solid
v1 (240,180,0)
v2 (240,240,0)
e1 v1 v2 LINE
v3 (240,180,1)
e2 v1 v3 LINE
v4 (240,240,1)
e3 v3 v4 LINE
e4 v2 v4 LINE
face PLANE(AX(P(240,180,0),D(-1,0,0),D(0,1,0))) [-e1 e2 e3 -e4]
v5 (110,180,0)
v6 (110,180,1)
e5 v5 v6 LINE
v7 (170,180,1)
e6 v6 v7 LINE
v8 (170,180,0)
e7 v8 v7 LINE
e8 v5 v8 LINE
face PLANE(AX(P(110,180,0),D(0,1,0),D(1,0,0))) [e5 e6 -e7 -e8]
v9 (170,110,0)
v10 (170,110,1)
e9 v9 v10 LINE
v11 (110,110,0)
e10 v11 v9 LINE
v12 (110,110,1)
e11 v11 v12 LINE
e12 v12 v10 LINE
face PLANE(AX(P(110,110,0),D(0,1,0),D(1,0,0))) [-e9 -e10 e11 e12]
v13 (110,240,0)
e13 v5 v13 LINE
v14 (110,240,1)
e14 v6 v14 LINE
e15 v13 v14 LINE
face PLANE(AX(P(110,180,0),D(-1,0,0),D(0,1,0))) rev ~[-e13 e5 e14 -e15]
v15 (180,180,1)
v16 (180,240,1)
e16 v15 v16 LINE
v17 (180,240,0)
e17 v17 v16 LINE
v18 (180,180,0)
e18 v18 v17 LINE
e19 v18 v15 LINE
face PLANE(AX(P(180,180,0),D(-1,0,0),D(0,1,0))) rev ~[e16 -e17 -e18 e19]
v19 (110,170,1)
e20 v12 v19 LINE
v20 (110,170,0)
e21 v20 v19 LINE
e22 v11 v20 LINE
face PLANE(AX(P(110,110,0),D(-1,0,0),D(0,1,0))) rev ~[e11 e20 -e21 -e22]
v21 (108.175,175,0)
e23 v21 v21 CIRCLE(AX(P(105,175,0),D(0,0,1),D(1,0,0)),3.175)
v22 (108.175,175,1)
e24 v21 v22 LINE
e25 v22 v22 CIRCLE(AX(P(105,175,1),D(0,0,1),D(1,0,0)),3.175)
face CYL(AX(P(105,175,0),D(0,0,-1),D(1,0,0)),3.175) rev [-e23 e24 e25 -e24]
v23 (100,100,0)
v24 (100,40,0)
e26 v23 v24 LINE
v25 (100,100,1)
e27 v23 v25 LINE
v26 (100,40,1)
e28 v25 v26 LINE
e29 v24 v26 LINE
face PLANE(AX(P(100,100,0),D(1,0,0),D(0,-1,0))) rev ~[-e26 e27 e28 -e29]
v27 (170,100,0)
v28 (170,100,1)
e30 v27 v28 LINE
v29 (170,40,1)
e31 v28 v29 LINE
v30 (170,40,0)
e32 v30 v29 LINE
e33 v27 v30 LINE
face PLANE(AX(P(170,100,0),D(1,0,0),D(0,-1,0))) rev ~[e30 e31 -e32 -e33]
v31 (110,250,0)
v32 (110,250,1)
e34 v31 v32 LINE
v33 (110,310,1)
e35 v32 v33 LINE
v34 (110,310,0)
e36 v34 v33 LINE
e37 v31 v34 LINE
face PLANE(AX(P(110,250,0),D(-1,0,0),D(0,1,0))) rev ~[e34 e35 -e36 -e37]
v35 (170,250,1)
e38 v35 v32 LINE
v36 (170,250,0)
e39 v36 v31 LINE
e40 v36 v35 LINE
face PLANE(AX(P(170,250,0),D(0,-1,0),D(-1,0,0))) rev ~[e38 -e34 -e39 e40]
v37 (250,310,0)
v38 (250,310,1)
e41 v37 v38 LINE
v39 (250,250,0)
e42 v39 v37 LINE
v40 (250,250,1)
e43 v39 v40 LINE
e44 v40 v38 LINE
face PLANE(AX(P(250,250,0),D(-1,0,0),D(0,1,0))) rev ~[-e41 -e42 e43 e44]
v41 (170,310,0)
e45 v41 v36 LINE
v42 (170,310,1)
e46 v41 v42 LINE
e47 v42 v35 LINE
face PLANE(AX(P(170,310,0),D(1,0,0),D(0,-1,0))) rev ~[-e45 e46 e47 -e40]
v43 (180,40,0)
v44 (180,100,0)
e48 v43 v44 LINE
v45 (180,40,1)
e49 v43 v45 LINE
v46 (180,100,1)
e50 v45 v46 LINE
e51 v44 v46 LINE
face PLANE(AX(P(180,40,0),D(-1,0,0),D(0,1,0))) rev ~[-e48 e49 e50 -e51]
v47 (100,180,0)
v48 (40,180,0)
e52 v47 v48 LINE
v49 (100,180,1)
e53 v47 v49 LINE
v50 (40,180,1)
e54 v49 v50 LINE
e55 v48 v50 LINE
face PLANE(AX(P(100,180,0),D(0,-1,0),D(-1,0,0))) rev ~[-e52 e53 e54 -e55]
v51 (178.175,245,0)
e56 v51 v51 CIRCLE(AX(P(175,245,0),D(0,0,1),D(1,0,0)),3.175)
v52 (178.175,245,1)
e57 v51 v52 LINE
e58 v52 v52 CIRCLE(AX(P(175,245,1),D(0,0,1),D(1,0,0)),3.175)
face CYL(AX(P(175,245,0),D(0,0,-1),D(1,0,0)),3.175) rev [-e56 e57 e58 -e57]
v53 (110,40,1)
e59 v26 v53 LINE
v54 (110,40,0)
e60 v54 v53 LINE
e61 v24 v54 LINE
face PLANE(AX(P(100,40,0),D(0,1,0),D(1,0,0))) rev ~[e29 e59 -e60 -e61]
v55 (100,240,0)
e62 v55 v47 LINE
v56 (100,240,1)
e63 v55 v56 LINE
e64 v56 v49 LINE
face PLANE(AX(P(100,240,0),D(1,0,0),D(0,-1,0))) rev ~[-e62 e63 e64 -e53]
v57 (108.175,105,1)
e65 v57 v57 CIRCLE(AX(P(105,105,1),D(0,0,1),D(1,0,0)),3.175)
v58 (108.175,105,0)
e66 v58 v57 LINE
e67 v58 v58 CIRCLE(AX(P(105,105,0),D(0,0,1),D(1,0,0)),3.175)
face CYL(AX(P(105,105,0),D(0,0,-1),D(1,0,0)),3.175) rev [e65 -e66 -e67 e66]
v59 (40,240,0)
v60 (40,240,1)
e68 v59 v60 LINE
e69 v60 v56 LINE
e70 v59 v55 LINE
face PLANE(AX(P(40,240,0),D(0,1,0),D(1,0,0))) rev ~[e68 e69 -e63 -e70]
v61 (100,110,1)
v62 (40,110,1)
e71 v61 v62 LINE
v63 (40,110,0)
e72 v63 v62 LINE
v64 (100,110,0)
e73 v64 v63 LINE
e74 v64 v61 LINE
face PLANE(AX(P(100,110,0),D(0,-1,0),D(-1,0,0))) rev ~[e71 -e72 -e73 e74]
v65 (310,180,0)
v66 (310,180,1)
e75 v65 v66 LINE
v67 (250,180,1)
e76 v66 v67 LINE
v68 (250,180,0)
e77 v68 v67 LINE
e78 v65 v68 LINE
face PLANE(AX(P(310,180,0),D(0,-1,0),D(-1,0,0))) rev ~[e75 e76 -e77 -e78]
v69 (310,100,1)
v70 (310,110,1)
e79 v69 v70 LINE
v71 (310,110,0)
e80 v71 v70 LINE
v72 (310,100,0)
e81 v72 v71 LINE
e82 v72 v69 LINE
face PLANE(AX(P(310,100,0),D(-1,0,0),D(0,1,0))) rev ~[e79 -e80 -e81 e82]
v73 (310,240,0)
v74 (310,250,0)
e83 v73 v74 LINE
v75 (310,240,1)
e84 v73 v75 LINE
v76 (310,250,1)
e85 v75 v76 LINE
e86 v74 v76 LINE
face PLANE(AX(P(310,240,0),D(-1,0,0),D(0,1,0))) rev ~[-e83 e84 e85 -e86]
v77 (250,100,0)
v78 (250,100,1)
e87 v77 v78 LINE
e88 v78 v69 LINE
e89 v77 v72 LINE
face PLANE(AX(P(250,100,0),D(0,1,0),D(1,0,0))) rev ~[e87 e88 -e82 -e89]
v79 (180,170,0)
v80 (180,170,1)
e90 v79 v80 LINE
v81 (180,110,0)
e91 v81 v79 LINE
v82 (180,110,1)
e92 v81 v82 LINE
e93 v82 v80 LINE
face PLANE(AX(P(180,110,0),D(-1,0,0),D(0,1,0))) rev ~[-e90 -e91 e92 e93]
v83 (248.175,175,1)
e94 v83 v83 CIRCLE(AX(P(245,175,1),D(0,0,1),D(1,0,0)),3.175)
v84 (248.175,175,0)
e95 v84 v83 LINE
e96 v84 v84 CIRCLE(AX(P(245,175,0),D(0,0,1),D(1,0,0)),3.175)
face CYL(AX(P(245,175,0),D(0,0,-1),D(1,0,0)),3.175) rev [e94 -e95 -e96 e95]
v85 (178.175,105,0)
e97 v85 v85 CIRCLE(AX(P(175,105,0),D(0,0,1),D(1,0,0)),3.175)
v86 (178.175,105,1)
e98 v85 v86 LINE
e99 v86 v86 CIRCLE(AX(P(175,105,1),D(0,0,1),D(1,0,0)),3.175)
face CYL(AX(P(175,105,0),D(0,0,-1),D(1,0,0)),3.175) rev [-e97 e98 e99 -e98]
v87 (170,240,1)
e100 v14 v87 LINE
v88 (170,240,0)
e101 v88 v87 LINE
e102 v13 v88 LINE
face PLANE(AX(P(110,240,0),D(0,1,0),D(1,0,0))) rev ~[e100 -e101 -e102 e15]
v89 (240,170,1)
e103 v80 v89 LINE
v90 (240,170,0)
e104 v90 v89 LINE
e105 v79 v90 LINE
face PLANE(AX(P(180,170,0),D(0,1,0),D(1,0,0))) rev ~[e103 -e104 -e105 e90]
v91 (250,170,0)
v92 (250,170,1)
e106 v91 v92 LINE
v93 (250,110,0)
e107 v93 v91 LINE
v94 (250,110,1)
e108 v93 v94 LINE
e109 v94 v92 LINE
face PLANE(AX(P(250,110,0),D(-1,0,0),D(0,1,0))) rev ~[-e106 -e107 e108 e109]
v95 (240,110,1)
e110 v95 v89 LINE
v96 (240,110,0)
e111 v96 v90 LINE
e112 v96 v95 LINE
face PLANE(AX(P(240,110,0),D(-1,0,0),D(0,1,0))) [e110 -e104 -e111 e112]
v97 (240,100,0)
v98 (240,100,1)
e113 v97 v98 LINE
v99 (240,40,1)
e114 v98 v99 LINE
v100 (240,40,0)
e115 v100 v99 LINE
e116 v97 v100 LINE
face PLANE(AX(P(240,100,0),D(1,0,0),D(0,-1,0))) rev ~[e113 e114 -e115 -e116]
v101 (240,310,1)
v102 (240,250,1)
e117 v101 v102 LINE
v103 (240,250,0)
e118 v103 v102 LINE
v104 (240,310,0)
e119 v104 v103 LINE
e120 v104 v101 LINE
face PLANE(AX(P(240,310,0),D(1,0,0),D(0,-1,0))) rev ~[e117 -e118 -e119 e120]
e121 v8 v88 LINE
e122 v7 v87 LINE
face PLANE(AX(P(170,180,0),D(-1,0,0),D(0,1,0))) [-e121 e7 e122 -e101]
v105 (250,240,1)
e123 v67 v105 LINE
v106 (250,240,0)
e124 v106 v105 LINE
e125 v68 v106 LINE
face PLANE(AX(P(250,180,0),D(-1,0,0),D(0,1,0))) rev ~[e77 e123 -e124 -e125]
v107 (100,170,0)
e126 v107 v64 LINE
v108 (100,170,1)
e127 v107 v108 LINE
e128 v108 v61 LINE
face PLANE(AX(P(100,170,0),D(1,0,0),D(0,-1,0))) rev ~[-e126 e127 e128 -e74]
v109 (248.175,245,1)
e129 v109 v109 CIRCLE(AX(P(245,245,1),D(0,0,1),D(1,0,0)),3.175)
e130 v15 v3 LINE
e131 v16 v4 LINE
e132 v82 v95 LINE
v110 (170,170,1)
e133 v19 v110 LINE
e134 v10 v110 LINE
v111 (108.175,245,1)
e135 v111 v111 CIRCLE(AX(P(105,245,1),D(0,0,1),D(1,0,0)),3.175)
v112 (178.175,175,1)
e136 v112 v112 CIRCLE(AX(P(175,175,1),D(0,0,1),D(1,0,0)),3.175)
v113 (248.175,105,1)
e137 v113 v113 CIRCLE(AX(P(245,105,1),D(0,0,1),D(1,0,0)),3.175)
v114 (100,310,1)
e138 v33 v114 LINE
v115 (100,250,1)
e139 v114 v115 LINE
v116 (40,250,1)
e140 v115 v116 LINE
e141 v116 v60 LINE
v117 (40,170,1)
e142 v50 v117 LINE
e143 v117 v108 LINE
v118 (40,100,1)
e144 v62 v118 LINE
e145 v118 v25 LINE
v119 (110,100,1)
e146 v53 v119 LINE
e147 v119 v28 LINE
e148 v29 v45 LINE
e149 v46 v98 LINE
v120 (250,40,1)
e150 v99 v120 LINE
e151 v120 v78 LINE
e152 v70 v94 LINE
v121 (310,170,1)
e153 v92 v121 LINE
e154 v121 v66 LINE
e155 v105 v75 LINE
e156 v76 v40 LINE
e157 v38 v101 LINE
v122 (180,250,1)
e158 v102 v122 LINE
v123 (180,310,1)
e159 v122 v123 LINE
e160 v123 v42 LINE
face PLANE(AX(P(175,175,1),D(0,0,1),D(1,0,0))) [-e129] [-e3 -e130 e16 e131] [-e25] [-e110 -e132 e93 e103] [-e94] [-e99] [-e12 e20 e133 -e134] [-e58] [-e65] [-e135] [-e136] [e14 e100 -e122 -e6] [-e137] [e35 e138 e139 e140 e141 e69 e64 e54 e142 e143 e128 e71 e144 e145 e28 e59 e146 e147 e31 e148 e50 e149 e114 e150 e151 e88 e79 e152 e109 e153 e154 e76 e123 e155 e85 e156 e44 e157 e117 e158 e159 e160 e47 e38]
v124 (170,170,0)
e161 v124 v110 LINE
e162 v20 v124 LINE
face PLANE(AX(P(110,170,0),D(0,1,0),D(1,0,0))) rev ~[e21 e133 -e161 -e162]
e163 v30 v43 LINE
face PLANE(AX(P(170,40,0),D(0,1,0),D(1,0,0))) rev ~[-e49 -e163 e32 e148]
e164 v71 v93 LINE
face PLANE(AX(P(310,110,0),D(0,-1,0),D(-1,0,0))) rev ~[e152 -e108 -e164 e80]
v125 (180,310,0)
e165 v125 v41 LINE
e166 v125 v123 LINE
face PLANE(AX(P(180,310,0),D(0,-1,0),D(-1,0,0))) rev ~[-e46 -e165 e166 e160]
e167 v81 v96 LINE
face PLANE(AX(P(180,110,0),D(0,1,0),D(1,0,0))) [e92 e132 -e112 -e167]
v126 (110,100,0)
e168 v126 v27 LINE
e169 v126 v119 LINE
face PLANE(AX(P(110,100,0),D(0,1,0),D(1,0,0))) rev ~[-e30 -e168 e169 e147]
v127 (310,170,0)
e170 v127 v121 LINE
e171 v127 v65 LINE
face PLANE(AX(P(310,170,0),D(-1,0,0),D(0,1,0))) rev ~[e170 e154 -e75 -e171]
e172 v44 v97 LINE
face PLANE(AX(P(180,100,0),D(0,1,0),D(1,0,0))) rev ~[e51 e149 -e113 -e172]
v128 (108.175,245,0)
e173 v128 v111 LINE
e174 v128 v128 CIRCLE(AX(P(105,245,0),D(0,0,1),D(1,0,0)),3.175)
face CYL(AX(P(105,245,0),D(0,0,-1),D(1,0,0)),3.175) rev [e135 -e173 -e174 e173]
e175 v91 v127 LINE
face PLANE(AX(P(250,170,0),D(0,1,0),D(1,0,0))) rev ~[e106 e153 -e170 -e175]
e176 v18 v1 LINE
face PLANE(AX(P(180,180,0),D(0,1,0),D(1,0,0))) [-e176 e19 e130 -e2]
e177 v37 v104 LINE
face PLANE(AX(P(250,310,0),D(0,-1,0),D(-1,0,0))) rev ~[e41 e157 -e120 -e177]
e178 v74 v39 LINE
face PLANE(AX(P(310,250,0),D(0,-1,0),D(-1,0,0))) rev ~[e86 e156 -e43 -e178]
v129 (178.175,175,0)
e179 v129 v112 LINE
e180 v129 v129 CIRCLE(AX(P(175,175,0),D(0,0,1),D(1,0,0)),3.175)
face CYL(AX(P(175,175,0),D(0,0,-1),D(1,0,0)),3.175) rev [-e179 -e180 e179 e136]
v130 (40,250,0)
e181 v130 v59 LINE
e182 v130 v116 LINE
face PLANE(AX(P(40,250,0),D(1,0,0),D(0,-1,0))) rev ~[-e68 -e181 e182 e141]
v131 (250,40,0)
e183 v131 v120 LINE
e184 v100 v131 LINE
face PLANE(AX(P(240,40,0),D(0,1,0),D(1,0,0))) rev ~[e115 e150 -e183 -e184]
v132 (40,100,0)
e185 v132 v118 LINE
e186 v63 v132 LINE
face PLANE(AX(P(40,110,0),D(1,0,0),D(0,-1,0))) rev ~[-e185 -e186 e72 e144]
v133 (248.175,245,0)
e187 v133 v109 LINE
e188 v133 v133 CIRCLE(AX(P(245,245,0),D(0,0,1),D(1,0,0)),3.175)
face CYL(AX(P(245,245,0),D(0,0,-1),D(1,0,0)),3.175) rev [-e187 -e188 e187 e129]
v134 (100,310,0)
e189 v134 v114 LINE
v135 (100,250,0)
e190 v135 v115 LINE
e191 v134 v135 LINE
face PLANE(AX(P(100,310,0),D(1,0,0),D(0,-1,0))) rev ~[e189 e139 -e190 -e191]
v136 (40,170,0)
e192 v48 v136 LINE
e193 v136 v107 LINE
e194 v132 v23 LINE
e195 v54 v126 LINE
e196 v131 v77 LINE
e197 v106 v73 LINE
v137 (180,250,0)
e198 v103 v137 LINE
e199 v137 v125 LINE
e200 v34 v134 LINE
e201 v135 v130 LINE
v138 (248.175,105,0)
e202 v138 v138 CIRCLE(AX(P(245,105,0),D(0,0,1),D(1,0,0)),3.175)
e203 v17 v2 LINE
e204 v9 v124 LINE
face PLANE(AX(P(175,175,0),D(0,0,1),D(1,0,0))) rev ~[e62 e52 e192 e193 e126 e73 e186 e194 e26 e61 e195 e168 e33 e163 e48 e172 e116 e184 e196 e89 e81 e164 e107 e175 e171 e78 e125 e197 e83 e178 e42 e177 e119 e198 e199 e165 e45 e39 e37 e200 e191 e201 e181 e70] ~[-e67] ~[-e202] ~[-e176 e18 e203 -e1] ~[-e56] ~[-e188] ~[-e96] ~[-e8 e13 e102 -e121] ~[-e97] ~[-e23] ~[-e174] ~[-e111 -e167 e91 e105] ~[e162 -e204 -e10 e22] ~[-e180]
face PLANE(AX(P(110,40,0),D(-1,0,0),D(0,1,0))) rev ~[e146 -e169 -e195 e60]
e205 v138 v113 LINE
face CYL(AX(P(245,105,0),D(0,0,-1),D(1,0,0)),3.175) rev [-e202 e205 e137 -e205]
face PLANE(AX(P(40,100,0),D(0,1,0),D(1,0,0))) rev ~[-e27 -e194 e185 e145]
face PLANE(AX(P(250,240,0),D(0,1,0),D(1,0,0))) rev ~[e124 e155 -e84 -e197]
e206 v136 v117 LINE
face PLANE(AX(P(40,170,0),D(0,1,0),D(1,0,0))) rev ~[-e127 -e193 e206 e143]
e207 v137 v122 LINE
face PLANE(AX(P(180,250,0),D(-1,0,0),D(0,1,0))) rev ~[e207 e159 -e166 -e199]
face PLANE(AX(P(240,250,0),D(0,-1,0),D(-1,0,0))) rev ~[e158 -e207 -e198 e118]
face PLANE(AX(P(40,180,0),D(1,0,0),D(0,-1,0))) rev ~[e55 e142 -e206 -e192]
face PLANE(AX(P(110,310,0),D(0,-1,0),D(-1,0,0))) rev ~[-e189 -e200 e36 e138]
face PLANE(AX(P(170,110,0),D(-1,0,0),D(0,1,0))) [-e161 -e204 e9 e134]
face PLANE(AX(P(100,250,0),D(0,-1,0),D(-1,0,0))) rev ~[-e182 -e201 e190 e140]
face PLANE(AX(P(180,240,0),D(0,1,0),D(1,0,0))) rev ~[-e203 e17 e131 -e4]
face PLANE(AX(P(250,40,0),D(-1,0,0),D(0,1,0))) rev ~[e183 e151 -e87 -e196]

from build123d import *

# Parameters (mm, degrees)
ESQUISSE1_R        = 3.175
ESQUISSE1_W        = 60
ESQUISSE1_H        = 60
BOSS_EXTRU_1_DEPTH = 1


with BuildPart() as part:
    # Esquisse1 → Boss.-Extru.1 (new body)
    with BuildSketch(Plane.XY):
        Polygon((110, 310), (100, 310), (100, 250), (40, 250), (40, 240), (100, 240), (100, 180), (40, 180), (40, 170), (100, 170), (100, 110), (40, 110), (40, 100), (100, 100), (100, 40), (110, 40), (110, 100), (170, 100), (170, 40), (180, 40), (180, 100), (240, 100), (240, 40), (250, 40), (250, 100), (310, 100), (310, 110), (250, 110), (250, 170), (310, 170), (310, 180), (250, 180), (250, 240), (310, 240), (310, 250), (250, 250), (250, 310), (240, 310), (240, 250), (180, 250), (180, 310), (170, 310), (170, 250), (110, 250), align=None)
        with Locations((105, 105)):
            Circle(ESQUISSE1_R, mode=Mode.SUBTRACT)
        with Locations((140, 140)):
            Rectangle(ESQUISSE1_W, ESQUISSE1_H, mode=Mode.SUBTRACT)
        with Locations((105, 175)):
            Circle(ESQUISSE1_R, mode=Mode.SUBTRACT)
        with Locations((140, 210)):
            Rectangle(ESQUISSE1_W, ESQUISSE1_H, mode=Mode.SUBTRACT)
        with Locations((105, 245)):
            Circle(ESQUISSE1_R, mode=Mode.SUBTRACT)
        with Locations((175, 245)):
            Circle(ESQUISSE1_R, mode=Mode.SUBTRACT)
        with Locations((175, 105)):
            Circle(ESQUISSE1_R, mode=Mode.SUBTRACT)
        with Locations((210, 140)):
            Rectangle(ESQUISSE1_W, ESQUISSE1_H, mode=Mode.SUBTRACT)
        with Locations((245, 105)):
            Circle(ESQUISSE1_R, mode=Mode.SUBTRACT)
        with Locations((175, 175)):
            Circle(ESQUISSE1_R, mode=Mode.SUBTRACT)
        with Locations((210, 210)):
            Rectangle(ESQUISSE1_W, ESQUISSE1_H, mode=Mode.SUBTRACT)
        with Locations((245, 175)):
            Circle(ESQUISSE1_R, mode=Mode.SUBTRACT)
        with Locations((245, 245)):
            Circle(ESQUISSE1_R, mode=Mode.SUBTRACT)
    extrude(amount=BOSS_EXTRU_1_DEPTH)


solid = part.part
